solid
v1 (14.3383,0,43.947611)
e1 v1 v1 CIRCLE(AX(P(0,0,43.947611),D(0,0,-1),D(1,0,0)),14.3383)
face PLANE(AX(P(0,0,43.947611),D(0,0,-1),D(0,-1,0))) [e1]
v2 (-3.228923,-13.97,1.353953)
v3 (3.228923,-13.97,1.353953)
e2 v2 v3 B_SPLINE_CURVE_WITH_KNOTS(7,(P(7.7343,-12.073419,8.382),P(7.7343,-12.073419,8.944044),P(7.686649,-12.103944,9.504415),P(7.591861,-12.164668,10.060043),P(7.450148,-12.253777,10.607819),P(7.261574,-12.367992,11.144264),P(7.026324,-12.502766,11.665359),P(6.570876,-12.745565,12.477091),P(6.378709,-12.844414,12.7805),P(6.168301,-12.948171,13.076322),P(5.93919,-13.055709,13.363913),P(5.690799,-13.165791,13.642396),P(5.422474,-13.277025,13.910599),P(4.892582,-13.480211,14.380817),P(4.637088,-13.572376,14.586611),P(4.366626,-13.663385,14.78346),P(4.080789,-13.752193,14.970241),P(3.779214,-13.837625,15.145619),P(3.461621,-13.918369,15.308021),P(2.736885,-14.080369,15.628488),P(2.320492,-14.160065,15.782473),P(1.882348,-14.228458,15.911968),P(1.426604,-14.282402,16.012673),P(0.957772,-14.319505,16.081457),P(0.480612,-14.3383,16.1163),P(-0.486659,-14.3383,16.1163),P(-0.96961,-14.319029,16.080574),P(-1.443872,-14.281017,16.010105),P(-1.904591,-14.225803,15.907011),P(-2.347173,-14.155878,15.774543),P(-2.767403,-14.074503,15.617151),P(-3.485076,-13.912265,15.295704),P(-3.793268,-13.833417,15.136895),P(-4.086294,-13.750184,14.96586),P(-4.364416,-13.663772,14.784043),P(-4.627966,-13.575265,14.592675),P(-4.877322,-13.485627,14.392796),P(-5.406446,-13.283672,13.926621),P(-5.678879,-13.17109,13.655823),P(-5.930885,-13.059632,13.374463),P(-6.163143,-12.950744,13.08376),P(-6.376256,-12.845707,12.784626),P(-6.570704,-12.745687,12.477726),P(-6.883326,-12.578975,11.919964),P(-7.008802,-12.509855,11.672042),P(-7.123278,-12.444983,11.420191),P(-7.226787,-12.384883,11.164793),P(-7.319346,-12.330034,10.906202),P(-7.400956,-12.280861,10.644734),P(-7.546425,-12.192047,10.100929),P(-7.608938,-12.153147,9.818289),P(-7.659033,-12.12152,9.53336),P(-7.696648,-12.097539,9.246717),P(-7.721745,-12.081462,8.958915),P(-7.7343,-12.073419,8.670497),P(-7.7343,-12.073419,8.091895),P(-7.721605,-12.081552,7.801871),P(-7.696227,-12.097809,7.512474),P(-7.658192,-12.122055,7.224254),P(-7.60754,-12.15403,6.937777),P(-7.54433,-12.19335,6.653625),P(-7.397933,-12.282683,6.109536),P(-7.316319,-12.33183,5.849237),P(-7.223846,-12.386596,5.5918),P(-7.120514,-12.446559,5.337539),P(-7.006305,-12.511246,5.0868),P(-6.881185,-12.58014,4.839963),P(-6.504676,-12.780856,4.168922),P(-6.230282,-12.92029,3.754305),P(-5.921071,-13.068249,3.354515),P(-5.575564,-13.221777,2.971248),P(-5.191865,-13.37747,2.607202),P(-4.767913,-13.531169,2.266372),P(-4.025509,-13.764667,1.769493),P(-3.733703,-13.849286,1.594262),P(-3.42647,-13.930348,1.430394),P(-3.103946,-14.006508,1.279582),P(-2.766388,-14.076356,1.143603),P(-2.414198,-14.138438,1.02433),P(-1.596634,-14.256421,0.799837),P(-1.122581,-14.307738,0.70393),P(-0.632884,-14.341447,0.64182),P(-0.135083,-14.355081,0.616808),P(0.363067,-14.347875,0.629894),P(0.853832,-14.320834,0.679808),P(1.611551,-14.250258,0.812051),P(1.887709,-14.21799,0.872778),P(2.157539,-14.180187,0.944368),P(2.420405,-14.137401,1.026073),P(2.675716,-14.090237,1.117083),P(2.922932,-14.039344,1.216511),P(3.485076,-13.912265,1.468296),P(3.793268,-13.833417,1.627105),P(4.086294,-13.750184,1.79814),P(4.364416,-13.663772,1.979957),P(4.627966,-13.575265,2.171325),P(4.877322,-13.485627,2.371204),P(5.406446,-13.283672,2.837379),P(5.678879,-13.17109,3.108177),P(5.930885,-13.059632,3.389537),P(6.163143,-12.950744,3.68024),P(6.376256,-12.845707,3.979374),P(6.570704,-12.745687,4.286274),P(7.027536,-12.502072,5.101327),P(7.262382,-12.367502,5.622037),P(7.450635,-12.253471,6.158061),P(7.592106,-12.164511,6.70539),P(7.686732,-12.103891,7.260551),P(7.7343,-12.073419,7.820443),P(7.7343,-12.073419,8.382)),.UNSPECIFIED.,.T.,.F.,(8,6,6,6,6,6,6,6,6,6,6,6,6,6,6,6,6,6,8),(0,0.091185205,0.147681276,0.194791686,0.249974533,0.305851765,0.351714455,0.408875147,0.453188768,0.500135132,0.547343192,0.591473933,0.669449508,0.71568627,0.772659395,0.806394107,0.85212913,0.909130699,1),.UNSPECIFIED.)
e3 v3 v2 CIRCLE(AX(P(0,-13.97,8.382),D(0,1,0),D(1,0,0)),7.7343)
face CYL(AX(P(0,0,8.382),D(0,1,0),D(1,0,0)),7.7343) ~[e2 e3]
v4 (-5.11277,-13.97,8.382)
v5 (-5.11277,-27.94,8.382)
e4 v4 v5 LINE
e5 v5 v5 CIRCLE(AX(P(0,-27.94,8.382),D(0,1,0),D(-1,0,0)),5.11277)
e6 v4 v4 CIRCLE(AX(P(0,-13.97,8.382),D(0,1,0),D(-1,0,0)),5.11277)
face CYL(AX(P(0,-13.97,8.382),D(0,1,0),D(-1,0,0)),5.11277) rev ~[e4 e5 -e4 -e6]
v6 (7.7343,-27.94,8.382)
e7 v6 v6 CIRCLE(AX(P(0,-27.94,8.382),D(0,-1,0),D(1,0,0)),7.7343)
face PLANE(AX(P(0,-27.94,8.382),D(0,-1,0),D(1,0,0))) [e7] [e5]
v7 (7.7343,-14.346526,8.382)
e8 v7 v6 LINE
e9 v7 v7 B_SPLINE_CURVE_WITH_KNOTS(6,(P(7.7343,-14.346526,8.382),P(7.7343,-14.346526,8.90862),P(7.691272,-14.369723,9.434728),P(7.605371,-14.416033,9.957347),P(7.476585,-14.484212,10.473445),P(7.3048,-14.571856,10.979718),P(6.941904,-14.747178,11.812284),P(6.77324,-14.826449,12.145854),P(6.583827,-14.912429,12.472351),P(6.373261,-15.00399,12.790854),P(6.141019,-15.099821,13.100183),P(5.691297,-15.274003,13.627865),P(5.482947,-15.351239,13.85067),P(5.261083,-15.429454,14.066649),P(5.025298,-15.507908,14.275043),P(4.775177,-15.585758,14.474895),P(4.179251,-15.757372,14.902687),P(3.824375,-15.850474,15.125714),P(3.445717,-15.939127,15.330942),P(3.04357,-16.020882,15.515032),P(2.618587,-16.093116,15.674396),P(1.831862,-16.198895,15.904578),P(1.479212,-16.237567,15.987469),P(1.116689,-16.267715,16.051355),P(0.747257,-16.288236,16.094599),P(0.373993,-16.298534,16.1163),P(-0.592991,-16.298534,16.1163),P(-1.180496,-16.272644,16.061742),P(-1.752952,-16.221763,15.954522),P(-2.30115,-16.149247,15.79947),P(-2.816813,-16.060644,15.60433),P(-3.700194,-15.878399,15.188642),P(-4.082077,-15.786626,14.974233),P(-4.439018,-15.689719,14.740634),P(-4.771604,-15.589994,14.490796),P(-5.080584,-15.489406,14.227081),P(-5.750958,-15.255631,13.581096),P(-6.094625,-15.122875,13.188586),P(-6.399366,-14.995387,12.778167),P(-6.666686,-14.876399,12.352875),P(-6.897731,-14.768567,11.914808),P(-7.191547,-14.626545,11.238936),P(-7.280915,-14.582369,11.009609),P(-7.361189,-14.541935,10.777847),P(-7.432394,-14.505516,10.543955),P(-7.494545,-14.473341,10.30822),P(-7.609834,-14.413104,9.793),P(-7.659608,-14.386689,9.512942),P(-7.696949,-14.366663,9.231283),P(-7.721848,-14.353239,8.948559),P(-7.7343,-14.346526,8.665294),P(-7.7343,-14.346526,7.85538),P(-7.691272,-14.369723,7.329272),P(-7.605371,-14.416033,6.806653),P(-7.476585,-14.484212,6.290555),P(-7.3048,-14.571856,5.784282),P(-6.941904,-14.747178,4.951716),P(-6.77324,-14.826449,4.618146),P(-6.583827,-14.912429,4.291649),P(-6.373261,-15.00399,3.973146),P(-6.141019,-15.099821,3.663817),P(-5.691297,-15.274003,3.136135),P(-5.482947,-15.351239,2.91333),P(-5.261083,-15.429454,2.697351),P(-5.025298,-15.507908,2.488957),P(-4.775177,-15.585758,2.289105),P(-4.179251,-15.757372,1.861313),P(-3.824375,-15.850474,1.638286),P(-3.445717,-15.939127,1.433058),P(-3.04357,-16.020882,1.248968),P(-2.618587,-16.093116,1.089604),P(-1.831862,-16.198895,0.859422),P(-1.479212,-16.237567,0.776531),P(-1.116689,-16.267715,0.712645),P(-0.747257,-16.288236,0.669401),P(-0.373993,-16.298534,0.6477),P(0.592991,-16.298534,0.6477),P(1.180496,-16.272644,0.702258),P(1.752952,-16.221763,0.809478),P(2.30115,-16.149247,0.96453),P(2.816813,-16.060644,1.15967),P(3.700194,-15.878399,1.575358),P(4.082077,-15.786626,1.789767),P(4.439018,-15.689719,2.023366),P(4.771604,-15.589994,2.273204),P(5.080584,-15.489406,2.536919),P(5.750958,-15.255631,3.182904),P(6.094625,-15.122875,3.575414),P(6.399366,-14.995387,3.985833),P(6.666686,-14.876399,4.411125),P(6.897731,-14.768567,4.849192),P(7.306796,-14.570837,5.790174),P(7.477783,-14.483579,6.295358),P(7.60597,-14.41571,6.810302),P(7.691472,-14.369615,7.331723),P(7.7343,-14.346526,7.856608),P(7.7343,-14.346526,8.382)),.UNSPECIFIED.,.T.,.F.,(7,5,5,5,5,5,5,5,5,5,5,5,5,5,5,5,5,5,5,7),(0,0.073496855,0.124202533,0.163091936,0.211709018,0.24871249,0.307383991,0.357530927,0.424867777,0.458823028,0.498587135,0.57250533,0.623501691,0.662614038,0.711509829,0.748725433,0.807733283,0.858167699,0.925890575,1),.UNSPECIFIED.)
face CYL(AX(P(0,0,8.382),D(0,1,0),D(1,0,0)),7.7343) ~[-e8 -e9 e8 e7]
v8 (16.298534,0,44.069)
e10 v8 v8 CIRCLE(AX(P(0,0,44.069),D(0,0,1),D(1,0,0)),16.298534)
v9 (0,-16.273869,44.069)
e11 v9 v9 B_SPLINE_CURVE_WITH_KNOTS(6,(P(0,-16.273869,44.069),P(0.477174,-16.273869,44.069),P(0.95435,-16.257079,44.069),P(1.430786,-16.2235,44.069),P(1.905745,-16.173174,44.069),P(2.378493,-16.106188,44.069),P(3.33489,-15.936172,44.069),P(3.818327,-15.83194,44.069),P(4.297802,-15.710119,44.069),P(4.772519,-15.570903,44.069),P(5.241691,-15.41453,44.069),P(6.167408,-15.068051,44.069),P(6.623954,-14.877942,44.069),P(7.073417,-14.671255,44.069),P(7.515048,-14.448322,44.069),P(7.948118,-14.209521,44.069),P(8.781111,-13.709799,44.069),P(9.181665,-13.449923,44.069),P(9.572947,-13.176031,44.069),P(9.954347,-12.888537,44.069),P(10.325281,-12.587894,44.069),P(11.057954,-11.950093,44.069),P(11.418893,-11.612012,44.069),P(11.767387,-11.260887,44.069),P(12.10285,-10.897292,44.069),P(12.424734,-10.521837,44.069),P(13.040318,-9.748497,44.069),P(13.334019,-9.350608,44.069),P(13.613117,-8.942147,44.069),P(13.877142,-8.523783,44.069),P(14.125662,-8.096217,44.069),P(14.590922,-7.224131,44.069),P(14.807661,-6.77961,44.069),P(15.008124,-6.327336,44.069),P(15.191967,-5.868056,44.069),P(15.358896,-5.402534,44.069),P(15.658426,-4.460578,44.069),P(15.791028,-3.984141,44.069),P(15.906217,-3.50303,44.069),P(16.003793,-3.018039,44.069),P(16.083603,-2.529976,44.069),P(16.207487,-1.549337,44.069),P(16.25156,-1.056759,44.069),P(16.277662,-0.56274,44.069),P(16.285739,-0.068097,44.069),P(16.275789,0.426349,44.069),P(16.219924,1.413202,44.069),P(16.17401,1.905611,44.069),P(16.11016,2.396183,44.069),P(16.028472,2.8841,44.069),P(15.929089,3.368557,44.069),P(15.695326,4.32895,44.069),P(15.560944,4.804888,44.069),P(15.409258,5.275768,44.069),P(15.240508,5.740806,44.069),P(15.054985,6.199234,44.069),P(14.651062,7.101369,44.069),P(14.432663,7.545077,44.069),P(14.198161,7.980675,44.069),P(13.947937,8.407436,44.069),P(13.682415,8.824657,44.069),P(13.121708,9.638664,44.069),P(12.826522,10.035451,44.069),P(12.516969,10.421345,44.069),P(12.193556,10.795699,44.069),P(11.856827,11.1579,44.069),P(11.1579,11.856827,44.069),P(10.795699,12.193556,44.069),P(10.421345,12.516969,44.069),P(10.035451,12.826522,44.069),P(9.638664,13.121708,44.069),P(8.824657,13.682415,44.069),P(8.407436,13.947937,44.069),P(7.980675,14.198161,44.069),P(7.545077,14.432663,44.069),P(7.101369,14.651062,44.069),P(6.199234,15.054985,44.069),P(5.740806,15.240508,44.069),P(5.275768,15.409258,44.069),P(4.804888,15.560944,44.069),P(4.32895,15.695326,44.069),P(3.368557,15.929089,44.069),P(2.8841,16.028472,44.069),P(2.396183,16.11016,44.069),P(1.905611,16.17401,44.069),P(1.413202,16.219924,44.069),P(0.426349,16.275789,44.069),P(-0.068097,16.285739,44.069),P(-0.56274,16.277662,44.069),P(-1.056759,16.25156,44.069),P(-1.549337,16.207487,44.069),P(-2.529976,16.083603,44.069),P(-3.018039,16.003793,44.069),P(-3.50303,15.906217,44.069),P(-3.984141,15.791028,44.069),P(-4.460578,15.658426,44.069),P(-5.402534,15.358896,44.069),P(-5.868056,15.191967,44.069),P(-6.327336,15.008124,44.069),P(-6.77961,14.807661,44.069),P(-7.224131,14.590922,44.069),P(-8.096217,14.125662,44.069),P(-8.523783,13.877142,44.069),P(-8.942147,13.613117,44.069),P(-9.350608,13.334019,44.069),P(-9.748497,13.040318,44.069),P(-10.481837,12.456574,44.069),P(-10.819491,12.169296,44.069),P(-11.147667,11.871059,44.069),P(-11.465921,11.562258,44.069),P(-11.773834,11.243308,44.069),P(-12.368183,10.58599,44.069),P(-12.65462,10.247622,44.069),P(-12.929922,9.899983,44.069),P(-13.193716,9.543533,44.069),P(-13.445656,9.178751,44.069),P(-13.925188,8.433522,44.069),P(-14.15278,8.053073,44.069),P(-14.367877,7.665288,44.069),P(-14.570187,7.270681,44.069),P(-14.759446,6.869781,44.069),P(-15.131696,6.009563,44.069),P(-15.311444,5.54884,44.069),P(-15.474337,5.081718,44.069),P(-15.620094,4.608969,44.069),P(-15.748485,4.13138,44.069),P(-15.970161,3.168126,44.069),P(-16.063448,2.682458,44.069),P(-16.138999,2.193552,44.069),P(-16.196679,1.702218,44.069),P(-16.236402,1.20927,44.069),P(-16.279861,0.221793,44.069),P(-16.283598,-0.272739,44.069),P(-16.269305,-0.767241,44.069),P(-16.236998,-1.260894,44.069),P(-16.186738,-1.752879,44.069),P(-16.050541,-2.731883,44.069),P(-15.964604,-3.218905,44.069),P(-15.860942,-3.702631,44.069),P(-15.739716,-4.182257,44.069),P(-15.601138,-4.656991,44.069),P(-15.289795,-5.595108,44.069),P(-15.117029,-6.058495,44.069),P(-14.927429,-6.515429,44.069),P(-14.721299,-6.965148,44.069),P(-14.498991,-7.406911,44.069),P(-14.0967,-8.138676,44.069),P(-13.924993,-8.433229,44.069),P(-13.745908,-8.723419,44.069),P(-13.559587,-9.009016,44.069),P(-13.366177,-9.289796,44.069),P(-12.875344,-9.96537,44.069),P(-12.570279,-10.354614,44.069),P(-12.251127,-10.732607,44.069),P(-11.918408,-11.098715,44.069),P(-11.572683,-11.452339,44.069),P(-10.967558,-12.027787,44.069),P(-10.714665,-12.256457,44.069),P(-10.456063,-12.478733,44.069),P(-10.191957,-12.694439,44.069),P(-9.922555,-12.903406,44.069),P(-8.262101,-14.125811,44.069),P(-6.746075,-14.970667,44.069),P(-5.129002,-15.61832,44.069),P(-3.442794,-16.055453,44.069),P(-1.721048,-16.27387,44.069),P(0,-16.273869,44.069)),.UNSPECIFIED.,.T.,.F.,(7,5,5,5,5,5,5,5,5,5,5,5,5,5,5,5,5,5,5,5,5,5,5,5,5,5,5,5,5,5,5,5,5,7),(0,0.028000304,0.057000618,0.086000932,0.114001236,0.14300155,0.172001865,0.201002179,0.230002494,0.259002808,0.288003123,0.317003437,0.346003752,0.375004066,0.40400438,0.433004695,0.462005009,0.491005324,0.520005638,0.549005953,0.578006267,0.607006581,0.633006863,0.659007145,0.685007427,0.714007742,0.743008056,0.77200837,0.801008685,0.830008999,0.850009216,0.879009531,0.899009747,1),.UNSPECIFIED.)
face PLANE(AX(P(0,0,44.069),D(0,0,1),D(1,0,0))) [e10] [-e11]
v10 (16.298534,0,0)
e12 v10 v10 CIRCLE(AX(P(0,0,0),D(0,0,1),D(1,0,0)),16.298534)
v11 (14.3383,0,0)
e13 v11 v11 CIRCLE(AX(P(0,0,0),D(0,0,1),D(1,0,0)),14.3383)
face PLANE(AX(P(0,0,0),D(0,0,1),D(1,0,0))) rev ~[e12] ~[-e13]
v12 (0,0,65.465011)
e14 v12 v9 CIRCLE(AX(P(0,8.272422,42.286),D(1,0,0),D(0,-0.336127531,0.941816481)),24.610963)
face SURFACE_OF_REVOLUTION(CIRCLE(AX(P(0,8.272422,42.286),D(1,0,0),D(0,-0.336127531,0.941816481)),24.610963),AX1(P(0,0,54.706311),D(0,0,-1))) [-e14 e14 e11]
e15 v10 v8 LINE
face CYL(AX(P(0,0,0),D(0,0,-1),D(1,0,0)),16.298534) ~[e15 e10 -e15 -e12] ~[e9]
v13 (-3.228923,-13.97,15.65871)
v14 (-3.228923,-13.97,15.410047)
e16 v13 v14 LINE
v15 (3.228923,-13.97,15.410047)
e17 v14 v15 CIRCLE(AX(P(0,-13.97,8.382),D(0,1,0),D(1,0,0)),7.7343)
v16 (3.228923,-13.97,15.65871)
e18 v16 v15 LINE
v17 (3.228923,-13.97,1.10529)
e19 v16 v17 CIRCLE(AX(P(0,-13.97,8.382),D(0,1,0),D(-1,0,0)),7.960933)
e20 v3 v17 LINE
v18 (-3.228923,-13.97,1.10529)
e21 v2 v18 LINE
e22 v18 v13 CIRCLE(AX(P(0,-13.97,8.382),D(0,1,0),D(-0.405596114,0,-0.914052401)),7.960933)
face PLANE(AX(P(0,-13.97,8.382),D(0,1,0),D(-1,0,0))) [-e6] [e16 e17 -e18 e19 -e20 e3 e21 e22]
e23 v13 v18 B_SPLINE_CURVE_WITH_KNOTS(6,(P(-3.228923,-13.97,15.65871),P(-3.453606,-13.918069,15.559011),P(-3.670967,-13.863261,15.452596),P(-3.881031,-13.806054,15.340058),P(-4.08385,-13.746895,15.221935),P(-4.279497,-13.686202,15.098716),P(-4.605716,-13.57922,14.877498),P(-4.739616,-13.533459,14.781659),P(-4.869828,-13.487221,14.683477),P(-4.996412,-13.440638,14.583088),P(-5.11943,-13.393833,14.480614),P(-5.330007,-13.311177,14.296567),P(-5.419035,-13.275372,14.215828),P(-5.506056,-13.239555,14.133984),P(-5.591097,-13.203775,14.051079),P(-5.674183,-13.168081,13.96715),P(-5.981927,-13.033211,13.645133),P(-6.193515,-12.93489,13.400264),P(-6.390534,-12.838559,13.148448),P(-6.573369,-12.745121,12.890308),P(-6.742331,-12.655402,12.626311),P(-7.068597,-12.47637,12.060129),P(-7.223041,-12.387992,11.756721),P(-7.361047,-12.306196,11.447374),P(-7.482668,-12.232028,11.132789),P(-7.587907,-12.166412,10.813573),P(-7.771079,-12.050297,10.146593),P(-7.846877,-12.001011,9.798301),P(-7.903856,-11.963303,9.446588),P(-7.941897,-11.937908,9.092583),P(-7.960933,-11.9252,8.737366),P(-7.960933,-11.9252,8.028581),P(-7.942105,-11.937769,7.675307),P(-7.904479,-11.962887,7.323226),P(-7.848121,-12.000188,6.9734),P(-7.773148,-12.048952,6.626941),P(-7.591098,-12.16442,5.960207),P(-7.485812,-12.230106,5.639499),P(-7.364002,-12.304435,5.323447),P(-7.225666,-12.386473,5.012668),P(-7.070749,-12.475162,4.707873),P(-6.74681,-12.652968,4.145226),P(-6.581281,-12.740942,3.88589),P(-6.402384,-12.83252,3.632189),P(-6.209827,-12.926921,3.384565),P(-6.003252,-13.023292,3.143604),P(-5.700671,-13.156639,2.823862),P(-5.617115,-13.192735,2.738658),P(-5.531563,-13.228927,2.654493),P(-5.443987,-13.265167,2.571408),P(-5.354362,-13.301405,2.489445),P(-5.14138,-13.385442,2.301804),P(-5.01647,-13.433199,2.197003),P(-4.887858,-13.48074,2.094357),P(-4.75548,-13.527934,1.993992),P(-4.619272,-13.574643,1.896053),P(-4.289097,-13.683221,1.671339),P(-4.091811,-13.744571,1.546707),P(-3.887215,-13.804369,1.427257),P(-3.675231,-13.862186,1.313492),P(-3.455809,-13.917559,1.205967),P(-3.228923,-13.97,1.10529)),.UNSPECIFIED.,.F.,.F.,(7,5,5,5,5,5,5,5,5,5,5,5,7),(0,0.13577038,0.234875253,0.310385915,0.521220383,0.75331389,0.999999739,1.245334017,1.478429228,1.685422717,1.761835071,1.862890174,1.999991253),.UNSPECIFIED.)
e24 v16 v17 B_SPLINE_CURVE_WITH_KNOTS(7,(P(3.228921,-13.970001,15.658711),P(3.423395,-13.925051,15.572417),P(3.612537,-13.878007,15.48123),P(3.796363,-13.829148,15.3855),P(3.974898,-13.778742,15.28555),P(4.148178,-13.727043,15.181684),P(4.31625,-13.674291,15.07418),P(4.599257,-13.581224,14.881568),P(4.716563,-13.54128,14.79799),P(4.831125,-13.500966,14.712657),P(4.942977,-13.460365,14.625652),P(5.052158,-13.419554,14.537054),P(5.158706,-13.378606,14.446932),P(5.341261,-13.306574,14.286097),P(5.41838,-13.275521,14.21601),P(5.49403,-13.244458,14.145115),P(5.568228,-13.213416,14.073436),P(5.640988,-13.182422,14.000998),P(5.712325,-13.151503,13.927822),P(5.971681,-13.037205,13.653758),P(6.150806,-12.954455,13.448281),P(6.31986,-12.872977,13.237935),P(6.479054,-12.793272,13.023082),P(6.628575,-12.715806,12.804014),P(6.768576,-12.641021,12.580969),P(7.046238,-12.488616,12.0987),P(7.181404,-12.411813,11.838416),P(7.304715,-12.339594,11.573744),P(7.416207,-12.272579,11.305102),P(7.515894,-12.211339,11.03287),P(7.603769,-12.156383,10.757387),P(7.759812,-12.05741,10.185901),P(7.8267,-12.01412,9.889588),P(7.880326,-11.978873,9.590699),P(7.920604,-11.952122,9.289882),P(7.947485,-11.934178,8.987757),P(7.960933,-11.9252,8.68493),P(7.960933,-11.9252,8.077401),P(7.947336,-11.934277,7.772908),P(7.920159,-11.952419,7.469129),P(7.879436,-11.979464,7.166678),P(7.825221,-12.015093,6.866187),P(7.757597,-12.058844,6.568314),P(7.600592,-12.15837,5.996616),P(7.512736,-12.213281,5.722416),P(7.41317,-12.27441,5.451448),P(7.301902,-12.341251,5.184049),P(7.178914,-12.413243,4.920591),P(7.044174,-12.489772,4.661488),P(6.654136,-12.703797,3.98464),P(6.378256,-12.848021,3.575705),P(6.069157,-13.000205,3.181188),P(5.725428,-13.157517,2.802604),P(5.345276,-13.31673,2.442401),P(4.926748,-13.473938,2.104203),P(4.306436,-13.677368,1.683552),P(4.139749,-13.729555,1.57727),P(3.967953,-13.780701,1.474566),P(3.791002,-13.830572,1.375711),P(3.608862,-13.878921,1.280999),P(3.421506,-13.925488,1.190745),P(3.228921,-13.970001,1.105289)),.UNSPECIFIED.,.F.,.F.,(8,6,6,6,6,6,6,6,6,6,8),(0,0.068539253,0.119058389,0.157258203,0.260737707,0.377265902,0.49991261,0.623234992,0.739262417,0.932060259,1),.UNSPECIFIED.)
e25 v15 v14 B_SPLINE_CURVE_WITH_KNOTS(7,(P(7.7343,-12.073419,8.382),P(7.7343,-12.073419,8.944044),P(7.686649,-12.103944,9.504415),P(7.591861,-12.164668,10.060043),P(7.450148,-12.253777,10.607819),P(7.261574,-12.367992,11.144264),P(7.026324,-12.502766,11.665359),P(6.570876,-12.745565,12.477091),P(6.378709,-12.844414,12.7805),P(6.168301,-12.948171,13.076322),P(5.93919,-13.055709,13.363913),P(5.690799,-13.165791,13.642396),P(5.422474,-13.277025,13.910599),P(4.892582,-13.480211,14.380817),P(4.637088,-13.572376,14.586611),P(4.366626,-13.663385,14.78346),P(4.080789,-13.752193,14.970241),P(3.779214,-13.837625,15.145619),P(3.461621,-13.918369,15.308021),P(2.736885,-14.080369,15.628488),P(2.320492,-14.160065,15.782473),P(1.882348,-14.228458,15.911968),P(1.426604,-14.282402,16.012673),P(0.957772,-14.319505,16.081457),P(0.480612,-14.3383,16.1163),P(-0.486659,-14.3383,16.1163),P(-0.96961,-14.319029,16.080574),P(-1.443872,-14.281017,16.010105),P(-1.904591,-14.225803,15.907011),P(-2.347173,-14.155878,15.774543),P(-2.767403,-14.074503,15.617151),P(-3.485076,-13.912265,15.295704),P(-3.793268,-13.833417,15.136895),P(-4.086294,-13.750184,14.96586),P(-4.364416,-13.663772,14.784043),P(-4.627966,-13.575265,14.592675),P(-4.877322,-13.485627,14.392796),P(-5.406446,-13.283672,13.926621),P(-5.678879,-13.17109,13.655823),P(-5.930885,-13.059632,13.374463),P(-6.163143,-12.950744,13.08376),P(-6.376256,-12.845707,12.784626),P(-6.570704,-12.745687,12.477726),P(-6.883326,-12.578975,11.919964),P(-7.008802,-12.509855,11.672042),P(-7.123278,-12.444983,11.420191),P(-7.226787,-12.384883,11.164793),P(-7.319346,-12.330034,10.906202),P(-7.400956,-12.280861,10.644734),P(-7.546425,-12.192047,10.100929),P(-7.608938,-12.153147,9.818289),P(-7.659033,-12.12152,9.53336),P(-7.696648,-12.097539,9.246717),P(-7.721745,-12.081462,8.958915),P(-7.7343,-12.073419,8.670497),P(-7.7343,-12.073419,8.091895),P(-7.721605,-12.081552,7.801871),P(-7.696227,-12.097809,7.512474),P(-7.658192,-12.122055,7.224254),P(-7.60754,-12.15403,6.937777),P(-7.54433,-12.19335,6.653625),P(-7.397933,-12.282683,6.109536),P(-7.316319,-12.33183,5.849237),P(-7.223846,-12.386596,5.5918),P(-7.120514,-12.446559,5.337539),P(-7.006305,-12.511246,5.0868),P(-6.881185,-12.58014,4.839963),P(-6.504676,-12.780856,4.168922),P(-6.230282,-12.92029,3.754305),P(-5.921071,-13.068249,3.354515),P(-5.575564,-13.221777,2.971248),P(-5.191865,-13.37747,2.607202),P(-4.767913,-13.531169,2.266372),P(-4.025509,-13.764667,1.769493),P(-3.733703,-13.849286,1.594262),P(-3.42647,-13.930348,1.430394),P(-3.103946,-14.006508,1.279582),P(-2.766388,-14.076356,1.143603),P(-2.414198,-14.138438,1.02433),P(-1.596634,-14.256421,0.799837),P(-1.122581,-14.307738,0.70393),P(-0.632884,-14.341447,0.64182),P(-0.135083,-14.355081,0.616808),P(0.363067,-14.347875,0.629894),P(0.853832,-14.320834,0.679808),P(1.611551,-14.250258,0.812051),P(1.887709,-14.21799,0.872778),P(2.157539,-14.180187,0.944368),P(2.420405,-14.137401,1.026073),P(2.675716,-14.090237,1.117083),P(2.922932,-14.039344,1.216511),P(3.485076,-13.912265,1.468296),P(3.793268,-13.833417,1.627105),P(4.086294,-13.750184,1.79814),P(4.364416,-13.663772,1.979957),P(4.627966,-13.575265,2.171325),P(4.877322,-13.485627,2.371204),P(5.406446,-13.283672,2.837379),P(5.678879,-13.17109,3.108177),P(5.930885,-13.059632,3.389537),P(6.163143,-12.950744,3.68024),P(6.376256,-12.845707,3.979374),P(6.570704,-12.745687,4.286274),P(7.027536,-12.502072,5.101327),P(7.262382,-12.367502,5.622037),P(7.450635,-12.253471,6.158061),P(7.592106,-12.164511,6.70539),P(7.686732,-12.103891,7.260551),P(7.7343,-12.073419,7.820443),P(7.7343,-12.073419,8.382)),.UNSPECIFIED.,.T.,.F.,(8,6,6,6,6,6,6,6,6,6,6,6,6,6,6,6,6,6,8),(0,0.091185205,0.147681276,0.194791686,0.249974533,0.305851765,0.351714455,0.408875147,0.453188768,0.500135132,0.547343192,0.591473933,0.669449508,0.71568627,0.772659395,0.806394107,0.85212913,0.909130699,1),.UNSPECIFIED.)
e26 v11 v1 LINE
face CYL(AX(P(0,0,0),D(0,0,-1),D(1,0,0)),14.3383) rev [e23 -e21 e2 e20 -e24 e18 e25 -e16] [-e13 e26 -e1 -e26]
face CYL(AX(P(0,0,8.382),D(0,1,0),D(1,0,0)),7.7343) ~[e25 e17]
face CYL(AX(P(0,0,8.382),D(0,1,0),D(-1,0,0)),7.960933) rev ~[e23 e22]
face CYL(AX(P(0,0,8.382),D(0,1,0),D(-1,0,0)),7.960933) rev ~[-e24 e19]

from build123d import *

# Parameters (mm, degrees)
F0_R     = 16.298534
F0_R_2   = 14.3383
F1_DEPTH = 44.069
F2_R     = 7.7343
F3_DEPTH = 27.94
F4_R     = 7.960933
F5_DEPTH = 13.97
F6_R     = 5.11277
F7_DEPTH = 25.4


with BuildPart() as f1:
    # F0 (on Top) → F1 (new body)
    with BuildSketch(Plane.XY):
        Circle(F0_R)
        Circle(F0_R_2, mode=Mode.SUBTRACT)
    extrude(amount=F1_DEPTH)

    # F2 (on Front) → F3 (join)
    with BuildSketch(Plane.XZ):
        with Locations((0, 8.382)):
            Circle(F2_R)
    extrude(amount=F3_DEPTH)

    # F4 (on face) → F5 (cut)
    with BuildSketch(Plane(origin=(0, 0, 0), x_dir=(-1, 0, 0), z_dir=(0, 1, 0))):
        with Locations((0, 8.382)):
            Circle(F4_R)
    extrude(amount=-F5_DEPTH, mode=Mode.SUBTRACT)

    # F6 (on face) → F7 (cut)
    with BuildSketch(Plane(origin=(0, -13.97, 0), x_dir=(-1, 0, 0), z_dir=(0, 1, 0))):
        with Locations((0, 8.382)):
            Circle(F6_R)
    extrude(amount=-F7_DEPTH, mode=Mode.SUBTRACT)

    # F8 (on Right) → F9 (revolve)
    with BuildSketch(Plane.YZ):
        with BuildLine():
            Line((-16.282385, 43.947611), (0, 43.947611))
            Line((0, 43.947611), (0, 65.465011))
            ThreePointArc((0, 65.465011), (-11.352979, 57.136695), (-16.282385, 43.947611))
        make_face()
    revolve(axis=Axis((0, 0, 54.706311), (0, 0, -1)))


solid = f1.part
